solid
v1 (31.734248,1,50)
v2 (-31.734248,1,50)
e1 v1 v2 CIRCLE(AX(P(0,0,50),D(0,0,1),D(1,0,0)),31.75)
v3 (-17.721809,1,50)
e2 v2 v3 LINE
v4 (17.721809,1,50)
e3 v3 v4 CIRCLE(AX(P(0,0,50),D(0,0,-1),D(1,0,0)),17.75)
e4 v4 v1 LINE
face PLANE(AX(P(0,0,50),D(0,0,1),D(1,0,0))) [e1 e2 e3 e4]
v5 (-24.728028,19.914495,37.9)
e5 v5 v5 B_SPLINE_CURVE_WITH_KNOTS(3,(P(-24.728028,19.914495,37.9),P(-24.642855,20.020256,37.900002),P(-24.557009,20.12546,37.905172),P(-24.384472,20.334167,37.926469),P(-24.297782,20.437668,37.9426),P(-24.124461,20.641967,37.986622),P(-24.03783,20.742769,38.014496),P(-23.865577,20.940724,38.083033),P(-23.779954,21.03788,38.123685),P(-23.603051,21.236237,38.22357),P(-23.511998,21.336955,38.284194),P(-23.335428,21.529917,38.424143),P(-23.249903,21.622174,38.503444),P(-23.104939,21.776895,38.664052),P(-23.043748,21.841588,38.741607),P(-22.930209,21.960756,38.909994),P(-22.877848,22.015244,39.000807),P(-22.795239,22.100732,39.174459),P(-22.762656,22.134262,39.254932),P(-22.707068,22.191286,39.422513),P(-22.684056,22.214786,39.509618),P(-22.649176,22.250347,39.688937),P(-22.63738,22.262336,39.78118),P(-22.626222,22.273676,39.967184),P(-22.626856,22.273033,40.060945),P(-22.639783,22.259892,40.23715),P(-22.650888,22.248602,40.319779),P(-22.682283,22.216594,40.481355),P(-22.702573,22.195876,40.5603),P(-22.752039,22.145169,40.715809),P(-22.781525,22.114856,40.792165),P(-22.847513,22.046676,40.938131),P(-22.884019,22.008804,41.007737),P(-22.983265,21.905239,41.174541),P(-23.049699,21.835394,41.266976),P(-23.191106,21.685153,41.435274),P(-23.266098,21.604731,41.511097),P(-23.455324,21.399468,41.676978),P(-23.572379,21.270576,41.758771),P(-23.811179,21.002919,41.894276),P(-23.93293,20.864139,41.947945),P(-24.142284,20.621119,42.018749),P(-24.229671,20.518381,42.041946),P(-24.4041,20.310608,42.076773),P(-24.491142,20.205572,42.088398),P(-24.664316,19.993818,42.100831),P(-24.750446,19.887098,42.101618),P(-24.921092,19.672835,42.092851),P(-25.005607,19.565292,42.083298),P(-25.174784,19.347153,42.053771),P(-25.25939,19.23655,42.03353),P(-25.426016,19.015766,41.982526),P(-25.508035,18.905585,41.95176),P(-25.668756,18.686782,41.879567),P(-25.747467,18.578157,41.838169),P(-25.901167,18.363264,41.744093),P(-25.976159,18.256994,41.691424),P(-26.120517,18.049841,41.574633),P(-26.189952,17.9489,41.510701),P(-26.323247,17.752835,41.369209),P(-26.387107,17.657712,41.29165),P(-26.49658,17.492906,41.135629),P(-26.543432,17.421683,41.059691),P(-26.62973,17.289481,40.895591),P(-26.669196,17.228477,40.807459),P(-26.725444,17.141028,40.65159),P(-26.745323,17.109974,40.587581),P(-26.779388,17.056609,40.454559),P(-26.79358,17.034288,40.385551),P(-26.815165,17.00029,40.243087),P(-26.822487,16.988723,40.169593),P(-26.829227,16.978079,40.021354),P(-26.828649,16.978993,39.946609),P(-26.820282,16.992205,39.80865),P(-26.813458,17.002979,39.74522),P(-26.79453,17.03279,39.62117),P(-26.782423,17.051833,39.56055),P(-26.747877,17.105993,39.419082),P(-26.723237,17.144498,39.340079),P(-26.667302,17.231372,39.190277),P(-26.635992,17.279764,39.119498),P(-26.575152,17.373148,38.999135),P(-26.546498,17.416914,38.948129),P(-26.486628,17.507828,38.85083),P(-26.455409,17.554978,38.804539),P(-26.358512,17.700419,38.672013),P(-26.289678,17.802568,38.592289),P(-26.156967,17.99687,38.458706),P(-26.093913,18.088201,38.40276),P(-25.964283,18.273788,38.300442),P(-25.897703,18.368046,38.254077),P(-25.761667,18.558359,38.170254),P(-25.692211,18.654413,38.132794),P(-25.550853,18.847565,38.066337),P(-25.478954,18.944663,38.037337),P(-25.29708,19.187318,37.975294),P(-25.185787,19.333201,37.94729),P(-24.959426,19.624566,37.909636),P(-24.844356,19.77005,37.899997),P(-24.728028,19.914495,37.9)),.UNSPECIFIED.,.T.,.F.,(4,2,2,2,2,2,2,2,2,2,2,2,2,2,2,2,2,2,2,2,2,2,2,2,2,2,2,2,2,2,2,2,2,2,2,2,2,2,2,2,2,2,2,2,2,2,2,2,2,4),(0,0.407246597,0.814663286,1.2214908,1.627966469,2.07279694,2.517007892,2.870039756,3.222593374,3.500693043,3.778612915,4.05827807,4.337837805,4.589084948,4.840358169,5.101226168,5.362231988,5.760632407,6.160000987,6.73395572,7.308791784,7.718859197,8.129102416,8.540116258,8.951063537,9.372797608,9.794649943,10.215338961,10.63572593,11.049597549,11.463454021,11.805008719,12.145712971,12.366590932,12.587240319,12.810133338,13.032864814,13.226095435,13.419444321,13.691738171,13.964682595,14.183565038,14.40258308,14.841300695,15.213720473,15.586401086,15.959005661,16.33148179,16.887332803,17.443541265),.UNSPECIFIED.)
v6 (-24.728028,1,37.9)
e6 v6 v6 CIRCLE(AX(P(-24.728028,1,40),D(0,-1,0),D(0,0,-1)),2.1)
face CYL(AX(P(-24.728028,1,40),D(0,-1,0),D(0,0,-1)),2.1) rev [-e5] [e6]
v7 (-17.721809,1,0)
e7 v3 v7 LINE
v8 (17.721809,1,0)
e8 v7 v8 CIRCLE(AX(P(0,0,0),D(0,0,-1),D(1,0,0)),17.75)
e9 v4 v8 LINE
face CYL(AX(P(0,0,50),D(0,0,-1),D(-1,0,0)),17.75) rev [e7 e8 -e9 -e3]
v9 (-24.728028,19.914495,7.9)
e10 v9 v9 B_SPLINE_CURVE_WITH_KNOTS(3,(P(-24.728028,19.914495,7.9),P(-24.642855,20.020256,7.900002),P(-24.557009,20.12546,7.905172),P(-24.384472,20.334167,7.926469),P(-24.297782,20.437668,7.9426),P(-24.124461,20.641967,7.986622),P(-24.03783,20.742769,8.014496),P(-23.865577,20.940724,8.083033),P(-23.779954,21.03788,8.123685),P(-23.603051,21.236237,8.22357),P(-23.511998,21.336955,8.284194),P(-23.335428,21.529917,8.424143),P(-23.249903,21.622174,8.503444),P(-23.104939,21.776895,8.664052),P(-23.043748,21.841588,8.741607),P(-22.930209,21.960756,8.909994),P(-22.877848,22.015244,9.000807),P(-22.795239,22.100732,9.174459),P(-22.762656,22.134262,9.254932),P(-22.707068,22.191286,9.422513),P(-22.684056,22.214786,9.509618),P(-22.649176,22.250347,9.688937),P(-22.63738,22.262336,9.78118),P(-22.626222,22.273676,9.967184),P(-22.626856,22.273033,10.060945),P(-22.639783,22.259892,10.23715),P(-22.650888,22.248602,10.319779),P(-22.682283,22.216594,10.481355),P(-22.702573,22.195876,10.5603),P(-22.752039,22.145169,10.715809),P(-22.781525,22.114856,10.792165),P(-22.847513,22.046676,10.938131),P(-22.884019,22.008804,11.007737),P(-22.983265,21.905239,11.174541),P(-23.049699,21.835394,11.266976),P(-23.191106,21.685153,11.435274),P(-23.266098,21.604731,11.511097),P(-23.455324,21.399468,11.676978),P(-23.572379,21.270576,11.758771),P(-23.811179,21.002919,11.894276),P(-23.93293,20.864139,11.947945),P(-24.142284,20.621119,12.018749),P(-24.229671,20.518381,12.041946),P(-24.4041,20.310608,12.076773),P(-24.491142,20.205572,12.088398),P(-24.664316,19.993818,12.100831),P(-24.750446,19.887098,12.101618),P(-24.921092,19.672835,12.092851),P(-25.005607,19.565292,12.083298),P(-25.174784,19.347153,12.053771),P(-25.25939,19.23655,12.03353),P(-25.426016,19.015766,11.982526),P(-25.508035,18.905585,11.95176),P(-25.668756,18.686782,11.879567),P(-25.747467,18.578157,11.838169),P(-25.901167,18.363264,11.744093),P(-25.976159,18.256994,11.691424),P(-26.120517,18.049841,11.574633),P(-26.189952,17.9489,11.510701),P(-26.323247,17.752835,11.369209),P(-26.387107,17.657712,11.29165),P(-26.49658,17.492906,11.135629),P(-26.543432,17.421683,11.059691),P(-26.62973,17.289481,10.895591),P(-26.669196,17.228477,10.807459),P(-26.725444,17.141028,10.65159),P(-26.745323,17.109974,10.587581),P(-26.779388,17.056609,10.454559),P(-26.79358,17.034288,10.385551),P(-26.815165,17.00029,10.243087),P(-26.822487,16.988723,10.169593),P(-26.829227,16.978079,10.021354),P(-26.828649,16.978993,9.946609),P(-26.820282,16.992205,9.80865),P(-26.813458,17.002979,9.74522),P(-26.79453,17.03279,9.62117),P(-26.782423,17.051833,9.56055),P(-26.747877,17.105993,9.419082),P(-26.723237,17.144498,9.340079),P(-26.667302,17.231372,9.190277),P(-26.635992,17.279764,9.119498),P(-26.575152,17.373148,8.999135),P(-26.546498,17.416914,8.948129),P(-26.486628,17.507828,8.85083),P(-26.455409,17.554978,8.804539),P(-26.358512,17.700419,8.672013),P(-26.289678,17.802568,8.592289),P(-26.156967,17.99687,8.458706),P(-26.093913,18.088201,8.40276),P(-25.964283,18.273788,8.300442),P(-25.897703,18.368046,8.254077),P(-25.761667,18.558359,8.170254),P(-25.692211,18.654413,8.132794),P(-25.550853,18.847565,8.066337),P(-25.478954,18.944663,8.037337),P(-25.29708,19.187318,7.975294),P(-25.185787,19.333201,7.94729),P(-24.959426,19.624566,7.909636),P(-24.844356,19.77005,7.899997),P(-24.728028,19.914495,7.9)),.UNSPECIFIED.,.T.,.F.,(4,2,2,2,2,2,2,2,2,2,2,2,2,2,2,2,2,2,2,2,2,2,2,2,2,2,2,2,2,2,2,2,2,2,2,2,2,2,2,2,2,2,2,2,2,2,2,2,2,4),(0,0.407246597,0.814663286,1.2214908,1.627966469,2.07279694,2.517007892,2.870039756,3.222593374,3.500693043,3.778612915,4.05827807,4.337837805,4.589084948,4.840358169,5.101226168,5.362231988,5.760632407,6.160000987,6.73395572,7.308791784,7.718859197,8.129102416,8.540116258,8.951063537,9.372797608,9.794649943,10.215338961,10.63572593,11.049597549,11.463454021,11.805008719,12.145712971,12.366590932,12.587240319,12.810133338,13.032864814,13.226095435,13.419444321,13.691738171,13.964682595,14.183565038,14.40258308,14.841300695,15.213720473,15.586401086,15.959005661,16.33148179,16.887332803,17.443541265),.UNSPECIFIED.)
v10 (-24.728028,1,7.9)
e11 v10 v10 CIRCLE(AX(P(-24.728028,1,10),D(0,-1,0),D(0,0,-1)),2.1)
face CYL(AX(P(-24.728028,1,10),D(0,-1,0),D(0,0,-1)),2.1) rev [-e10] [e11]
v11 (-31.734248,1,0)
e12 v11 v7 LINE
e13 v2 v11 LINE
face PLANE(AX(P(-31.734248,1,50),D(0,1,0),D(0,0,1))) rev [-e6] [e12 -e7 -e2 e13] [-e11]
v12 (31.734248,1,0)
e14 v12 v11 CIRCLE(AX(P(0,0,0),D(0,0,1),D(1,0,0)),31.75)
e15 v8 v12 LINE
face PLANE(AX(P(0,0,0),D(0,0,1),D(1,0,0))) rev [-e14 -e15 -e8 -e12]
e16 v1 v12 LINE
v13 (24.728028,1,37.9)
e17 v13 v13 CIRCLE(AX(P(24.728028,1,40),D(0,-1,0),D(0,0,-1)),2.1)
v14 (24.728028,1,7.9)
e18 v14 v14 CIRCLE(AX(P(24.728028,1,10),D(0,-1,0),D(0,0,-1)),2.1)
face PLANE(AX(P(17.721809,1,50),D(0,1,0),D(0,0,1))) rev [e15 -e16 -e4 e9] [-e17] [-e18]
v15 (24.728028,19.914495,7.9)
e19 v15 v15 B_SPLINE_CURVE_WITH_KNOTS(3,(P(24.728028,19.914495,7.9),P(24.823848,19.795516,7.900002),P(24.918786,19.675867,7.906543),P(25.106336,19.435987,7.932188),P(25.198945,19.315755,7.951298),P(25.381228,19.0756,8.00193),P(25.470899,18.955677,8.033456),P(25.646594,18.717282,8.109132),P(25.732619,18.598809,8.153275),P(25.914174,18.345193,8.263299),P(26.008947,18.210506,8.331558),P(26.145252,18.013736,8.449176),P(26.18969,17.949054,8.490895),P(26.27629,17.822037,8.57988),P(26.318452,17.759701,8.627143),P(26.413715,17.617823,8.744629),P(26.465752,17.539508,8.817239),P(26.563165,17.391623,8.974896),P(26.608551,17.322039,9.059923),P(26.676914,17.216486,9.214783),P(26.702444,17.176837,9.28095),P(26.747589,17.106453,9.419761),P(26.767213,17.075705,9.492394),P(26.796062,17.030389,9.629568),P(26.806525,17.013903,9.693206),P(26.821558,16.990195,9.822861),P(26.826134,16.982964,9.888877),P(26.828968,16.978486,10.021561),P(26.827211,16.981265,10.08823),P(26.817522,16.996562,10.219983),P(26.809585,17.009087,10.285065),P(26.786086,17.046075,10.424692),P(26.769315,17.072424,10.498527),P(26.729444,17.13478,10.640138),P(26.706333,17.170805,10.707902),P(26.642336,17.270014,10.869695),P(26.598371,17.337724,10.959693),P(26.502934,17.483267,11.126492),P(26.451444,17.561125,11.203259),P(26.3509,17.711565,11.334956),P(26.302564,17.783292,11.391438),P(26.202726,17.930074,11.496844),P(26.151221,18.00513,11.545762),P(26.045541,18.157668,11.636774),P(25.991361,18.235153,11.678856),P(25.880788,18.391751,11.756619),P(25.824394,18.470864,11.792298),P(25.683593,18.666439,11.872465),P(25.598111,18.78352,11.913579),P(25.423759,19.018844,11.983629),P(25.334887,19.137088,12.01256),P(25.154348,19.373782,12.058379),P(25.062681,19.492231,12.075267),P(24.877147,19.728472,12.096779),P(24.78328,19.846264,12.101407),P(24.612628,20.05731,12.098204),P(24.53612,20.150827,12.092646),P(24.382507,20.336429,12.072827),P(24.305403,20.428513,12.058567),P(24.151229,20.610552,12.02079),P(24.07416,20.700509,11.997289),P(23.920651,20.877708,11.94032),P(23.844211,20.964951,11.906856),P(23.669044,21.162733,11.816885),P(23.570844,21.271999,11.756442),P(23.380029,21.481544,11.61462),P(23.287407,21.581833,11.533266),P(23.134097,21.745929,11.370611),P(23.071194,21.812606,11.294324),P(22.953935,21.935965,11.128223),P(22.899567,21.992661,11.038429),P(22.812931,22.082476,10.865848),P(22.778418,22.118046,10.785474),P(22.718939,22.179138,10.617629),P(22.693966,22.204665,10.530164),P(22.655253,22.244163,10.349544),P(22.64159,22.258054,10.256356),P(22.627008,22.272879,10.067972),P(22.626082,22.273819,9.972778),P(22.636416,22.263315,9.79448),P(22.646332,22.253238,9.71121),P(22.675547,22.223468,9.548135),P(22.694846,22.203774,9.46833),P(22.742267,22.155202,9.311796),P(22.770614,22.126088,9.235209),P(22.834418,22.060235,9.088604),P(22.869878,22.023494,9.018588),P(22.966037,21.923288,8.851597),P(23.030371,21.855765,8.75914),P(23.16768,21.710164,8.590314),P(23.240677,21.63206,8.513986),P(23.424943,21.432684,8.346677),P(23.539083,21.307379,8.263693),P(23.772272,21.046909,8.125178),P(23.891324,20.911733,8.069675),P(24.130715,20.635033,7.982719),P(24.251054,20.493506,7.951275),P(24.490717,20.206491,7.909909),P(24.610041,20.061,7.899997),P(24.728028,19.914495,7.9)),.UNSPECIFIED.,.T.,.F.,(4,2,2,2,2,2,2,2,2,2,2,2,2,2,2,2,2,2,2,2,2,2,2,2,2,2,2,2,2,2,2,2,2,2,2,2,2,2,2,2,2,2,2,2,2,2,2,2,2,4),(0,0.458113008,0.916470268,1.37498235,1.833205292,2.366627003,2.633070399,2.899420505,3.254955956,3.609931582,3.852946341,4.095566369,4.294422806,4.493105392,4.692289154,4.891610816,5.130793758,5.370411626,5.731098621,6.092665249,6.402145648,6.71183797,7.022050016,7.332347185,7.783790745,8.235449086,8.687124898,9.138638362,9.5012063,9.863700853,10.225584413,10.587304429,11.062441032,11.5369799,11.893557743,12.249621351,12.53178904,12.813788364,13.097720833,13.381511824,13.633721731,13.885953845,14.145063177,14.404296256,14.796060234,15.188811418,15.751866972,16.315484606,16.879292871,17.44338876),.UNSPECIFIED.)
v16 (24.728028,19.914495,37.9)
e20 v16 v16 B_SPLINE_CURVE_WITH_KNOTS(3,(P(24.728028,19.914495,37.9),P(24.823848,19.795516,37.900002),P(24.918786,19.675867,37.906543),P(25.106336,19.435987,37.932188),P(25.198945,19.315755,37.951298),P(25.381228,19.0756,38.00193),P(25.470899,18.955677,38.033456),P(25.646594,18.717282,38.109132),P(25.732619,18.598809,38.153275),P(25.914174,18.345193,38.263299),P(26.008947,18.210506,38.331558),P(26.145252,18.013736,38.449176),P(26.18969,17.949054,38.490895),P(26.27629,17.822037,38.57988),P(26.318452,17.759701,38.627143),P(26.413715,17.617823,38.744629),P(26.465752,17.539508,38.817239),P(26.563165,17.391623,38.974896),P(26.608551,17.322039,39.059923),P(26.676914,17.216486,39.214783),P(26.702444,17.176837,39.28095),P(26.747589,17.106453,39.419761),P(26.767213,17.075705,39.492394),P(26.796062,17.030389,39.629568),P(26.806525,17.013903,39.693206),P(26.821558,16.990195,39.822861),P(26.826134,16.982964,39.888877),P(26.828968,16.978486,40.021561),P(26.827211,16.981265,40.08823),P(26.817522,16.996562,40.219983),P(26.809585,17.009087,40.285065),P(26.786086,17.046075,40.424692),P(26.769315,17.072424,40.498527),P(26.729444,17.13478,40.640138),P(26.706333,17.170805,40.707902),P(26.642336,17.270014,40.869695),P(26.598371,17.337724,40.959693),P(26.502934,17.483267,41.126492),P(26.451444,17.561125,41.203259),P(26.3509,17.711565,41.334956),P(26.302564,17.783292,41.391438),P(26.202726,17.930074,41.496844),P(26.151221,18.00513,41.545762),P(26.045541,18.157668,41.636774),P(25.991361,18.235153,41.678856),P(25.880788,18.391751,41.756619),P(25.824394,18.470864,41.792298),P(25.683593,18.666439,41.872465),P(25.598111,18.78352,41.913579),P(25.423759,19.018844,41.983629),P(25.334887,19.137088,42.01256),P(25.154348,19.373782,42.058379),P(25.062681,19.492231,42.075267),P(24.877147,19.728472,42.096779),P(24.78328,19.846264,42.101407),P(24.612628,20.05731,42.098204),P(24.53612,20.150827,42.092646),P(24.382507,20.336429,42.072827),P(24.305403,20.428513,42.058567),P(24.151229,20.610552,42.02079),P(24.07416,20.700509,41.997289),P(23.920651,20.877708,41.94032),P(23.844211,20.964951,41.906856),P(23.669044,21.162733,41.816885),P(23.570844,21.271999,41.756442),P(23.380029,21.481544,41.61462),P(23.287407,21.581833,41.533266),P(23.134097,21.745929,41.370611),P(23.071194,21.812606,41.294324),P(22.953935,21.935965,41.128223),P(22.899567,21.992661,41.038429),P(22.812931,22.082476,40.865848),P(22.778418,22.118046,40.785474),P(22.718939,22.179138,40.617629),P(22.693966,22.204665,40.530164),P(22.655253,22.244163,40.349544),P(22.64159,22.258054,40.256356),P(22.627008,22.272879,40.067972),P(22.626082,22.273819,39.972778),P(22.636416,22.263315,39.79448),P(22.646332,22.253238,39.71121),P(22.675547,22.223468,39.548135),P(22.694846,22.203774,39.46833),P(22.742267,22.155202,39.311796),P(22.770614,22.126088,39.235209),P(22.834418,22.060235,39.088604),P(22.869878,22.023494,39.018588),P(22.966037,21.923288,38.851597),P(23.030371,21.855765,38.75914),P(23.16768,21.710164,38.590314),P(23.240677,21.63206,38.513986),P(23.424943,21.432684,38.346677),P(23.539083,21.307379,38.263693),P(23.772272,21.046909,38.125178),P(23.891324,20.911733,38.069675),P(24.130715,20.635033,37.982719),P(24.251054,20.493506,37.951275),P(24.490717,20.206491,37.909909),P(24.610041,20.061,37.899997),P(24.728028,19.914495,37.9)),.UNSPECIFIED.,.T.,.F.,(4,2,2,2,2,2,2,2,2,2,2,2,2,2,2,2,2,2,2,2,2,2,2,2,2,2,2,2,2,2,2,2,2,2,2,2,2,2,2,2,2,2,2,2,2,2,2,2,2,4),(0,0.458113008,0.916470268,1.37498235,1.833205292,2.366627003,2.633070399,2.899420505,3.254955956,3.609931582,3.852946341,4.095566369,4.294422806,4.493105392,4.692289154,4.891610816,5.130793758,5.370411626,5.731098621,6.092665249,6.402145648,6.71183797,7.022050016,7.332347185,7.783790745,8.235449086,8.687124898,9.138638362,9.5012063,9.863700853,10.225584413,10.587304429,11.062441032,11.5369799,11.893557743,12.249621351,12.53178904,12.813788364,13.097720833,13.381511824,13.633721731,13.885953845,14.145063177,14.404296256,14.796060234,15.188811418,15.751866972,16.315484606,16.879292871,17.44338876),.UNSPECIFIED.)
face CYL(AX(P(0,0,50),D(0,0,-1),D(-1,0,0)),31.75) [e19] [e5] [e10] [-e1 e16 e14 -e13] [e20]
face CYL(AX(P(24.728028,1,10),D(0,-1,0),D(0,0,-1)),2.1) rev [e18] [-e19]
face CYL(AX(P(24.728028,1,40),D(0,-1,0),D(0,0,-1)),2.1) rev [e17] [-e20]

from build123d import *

# Parameters (mm, degrees)
BOSS_EXTRUDE1_DEPTH         = 50
TAP_DRILL_FOR_M5X0_8_TAP1_D = 4.2


with BuildPart() as part:
    # Sketch1 → Boss-Extrude1 (new body)
    with BuildSketch(Plane.XY):
        with BuildLine():
            Line((-31.734248061, 1), (-17.721808598, 1))
            ThreePointArc((-17.721808598, 1), (0, 17.75), (17.721808598, 1))
            Line((17.721808598, 1), (31.734248061, 1))
            ThreePointArc((31.734248061, 1), (0, 31.75), (-31.734248061, 1))
        make_face()
    extrude(amount=BOSS_EXTRUDE1_DEPTH)

    # Tap Drill for M5x0.8 Tap1 (through all)
    with Locations(Plane(origin=(-24.72802833, 1, 40), x_dir=(0, 0, -1), z_dir=(0, -1, 0))):
        with Locations((0, 0), (30, 0), (0, 49.45605666), (30, 49.45605666)):
            Hole(TAP_DRILL_FOR_M5X0_8_TAP1_D / 2)


solid = part.part
